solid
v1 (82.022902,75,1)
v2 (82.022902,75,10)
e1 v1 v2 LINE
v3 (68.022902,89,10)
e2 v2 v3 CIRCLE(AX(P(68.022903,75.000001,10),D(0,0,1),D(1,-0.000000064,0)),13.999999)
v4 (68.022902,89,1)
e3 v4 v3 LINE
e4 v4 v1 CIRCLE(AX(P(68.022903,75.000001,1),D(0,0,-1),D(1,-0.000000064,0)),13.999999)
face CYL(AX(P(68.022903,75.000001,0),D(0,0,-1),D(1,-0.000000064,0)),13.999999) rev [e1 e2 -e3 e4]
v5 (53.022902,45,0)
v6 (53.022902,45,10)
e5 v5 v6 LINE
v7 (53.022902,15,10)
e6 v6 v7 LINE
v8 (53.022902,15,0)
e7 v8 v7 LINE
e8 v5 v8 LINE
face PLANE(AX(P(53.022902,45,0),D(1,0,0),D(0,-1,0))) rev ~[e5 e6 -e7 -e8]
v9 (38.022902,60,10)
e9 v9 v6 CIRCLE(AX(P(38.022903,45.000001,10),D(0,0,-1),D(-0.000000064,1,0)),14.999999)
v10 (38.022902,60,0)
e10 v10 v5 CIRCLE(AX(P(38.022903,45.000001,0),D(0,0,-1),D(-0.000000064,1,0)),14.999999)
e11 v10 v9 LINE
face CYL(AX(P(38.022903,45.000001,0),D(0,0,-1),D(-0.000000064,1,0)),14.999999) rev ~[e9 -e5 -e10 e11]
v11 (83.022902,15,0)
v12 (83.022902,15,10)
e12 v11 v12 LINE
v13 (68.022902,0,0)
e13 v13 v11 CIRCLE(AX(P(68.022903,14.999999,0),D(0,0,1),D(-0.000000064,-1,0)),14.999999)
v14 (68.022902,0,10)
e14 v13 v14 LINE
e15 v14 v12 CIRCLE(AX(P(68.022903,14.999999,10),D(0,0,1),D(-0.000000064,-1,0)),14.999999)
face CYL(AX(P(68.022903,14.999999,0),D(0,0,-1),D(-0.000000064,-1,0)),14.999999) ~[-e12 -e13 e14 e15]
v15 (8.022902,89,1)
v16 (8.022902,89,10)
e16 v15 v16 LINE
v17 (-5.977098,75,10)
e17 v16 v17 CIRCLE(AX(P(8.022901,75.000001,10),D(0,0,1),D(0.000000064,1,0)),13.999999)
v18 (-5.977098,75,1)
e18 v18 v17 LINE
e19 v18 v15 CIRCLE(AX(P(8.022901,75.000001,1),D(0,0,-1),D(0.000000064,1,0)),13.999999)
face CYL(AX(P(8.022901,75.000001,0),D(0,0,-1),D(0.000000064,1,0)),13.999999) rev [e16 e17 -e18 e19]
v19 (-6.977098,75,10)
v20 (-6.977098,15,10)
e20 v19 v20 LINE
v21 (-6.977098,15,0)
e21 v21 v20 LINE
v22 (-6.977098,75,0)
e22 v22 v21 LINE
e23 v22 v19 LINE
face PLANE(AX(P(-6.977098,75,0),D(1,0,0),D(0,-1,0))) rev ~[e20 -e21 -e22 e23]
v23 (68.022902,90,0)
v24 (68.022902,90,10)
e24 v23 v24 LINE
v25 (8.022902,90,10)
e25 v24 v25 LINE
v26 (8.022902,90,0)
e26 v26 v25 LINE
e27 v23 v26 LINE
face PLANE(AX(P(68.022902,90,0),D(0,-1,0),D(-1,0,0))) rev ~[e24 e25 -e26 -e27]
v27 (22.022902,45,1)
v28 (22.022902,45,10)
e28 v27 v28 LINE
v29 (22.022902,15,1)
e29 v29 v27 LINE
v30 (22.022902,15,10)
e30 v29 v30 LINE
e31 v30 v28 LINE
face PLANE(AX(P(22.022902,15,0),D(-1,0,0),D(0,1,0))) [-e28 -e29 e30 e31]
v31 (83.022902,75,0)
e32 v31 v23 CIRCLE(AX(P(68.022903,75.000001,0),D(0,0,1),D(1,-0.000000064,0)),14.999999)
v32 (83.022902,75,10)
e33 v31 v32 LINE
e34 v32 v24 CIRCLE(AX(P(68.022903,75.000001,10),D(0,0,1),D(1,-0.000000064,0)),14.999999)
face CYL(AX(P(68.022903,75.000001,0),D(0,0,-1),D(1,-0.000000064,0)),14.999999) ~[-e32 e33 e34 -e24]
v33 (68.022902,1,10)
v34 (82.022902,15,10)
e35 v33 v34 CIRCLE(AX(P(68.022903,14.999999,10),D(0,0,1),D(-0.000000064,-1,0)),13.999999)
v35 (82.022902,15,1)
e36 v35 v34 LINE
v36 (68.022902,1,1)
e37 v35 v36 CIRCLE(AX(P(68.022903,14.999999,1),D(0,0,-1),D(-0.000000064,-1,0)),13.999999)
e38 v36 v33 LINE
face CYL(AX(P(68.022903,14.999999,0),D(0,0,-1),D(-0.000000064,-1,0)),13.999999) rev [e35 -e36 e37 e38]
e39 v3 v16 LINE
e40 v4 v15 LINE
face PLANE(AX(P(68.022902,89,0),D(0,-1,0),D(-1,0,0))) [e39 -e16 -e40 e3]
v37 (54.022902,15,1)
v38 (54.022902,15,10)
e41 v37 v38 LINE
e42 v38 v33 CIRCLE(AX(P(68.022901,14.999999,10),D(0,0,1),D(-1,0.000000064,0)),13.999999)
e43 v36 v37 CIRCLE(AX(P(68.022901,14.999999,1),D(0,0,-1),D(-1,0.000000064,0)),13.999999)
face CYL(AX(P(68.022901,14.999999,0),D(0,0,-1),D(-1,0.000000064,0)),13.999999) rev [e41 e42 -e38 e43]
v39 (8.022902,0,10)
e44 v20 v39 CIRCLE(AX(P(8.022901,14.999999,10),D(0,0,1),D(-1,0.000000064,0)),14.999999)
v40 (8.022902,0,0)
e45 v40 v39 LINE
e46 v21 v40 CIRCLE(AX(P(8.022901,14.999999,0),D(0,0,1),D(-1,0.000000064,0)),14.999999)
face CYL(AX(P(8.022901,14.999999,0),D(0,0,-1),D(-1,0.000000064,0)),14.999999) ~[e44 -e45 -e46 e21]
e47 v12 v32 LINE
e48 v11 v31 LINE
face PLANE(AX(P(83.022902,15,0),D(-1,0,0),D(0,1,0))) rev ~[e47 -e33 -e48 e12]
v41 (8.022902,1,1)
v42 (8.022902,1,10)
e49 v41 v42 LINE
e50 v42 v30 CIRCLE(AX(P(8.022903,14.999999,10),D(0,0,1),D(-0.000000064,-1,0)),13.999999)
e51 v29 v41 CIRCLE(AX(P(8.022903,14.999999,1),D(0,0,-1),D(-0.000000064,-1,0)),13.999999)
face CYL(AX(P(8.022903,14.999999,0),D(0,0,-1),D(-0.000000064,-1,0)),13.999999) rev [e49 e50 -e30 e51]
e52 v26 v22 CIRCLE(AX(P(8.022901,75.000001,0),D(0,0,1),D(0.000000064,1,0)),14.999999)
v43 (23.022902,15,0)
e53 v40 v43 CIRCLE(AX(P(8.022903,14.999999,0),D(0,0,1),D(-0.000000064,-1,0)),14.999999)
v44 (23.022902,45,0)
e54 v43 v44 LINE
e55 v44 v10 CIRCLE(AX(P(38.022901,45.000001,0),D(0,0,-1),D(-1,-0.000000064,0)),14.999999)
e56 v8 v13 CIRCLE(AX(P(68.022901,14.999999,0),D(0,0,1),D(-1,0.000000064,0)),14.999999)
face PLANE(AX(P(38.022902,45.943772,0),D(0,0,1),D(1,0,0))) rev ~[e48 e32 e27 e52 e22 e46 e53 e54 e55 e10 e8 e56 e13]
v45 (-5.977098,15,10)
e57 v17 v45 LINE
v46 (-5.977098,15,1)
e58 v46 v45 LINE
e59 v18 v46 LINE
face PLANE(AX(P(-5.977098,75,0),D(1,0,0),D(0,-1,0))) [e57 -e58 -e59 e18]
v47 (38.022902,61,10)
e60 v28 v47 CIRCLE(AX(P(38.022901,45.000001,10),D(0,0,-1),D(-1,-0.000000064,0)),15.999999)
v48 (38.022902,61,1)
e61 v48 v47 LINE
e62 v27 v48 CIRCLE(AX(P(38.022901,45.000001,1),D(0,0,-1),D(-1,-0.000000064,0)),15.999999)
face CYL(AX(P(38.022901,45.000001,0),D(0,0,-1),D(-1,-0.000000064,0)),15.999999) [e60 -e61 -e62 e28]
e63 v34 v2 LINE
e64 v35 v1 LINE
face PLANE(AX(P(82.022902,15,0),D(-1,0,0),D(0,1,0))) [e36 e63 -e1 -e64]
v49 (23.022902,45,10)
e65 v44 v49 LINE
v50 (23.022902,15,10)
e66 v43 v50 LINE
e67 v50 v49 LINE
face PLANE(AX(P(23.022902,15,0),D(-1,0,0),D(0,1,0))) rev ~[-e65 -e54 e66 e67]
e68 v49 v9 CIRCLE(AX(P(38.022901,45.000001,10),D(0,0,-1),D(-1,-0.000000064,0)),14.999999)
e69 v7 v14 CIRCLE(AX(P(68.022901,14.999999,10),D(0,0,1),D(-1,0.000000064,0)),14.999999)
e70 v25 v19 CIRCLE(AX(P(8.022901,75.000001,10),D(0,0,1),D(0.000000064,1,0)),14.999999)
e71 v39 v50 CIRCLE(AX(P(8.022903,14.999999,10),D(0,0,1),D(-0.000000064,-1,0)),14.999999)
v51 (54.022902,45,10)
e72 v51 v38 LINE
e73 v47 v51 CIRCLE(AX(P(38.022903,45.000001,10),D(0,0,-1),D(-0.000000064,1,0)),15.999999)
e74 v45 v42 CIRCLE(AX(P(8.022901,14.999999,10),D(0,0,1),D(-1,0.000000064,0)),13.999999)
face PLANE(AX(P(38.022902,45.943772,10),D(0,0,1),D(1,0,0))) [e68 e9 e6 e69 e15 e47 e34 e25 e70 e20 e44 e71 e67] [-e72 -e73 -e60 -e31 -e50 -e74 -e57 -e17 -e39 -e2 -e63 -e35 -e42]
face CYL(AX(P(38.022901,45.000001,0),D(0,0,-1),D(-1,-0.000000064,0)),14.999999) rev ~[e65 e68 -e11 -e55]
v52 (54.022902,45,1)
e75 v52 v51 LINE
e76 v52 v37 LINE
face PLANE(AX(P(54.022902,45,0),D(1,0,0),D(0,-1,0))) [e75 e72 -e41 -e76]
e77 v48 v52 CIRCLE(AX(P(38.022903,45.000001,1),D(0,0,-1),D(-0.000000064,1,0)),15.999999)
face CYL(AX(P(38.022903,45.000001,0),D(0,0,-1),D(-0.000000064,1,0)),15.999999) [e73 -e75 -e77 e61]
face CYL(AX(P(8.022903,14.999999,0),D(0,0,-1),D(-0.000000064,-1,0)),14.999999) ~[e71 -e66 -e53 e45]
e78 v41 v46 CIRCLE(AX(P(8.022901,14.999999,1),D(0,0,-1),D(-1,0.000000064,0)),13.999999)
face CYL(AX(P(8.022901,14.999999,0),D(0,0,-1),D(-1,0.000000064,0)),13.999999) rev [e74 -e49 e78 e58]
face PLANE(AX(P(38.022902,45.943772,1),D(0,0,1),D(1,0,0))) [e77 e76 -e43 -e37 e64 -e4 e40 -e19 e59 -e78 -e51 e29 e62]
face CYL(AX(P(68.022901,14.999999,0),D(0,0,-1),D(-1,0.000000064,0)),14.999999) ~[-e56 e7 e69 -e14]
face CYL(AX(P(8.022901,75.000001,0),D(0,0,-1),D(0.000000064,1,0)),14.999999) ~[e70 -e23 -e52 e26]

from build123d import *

# Parameters (mm, degrees)
F1_DEPTH = 10
F2_T     = -1


with BuildPart() as f1:
    # F0 (on Top) → F1 (new body)
    with BuildSketch(Plane.XY):
        with BuildLine():
            Line((68.022902, 90), (8.022902, 90))
            ThreePointArc((8.022902, 90), (-2.5837, 85.606602), (-6.977098, 75))
            Line((-6.977098, 75), (-6.977098, 15))
            ThreePointArc((-6.977098, 15), (-2.5837, 4.393398), (8.022902, 0))
            ThreePointArc((8.022902, 0), (18.629504, 4.393398), (23.022902, 15))
            Line((23.022902, 15), (23.022902, 17.925972))
            Line((23.022902, 17.925972), (23.022902, 45))
            ThreePointArc((23.022902, 45), (27.4163, 55.606602), (38.022902, 60))
            ThreePointArc((38.022902, 60), (48.629504, 55.606602), (53.022902, 45))
            Line((53.022902, 45), (53.022902, 17.925972))
            Line((53.022902, 17.925972), (53.022902, 15))
            ThreePointArc((53.022902, 15), (57.4163, 4.393398), (68.022902, 0))
            ThreePointArc((68.022902, 0), (78.629504, 4.393398), (83.022902, 15))
            Line((83.022902, 15), (83.022902, 75))
            ThreePointArc((83.022902, 75), (78.629504, 85.606602), (68.022902, 90))
        make_face()
    extrude(amount=F1_DEPTH)

    # F2
    f2_openings = [f1.faces().sort_by_distance(p)[0] for p in [
        (68.022902, 1.272792, 10),
    ]]
    offset(amount=F2_T, openings=f2_openings)


solid = f1.part
